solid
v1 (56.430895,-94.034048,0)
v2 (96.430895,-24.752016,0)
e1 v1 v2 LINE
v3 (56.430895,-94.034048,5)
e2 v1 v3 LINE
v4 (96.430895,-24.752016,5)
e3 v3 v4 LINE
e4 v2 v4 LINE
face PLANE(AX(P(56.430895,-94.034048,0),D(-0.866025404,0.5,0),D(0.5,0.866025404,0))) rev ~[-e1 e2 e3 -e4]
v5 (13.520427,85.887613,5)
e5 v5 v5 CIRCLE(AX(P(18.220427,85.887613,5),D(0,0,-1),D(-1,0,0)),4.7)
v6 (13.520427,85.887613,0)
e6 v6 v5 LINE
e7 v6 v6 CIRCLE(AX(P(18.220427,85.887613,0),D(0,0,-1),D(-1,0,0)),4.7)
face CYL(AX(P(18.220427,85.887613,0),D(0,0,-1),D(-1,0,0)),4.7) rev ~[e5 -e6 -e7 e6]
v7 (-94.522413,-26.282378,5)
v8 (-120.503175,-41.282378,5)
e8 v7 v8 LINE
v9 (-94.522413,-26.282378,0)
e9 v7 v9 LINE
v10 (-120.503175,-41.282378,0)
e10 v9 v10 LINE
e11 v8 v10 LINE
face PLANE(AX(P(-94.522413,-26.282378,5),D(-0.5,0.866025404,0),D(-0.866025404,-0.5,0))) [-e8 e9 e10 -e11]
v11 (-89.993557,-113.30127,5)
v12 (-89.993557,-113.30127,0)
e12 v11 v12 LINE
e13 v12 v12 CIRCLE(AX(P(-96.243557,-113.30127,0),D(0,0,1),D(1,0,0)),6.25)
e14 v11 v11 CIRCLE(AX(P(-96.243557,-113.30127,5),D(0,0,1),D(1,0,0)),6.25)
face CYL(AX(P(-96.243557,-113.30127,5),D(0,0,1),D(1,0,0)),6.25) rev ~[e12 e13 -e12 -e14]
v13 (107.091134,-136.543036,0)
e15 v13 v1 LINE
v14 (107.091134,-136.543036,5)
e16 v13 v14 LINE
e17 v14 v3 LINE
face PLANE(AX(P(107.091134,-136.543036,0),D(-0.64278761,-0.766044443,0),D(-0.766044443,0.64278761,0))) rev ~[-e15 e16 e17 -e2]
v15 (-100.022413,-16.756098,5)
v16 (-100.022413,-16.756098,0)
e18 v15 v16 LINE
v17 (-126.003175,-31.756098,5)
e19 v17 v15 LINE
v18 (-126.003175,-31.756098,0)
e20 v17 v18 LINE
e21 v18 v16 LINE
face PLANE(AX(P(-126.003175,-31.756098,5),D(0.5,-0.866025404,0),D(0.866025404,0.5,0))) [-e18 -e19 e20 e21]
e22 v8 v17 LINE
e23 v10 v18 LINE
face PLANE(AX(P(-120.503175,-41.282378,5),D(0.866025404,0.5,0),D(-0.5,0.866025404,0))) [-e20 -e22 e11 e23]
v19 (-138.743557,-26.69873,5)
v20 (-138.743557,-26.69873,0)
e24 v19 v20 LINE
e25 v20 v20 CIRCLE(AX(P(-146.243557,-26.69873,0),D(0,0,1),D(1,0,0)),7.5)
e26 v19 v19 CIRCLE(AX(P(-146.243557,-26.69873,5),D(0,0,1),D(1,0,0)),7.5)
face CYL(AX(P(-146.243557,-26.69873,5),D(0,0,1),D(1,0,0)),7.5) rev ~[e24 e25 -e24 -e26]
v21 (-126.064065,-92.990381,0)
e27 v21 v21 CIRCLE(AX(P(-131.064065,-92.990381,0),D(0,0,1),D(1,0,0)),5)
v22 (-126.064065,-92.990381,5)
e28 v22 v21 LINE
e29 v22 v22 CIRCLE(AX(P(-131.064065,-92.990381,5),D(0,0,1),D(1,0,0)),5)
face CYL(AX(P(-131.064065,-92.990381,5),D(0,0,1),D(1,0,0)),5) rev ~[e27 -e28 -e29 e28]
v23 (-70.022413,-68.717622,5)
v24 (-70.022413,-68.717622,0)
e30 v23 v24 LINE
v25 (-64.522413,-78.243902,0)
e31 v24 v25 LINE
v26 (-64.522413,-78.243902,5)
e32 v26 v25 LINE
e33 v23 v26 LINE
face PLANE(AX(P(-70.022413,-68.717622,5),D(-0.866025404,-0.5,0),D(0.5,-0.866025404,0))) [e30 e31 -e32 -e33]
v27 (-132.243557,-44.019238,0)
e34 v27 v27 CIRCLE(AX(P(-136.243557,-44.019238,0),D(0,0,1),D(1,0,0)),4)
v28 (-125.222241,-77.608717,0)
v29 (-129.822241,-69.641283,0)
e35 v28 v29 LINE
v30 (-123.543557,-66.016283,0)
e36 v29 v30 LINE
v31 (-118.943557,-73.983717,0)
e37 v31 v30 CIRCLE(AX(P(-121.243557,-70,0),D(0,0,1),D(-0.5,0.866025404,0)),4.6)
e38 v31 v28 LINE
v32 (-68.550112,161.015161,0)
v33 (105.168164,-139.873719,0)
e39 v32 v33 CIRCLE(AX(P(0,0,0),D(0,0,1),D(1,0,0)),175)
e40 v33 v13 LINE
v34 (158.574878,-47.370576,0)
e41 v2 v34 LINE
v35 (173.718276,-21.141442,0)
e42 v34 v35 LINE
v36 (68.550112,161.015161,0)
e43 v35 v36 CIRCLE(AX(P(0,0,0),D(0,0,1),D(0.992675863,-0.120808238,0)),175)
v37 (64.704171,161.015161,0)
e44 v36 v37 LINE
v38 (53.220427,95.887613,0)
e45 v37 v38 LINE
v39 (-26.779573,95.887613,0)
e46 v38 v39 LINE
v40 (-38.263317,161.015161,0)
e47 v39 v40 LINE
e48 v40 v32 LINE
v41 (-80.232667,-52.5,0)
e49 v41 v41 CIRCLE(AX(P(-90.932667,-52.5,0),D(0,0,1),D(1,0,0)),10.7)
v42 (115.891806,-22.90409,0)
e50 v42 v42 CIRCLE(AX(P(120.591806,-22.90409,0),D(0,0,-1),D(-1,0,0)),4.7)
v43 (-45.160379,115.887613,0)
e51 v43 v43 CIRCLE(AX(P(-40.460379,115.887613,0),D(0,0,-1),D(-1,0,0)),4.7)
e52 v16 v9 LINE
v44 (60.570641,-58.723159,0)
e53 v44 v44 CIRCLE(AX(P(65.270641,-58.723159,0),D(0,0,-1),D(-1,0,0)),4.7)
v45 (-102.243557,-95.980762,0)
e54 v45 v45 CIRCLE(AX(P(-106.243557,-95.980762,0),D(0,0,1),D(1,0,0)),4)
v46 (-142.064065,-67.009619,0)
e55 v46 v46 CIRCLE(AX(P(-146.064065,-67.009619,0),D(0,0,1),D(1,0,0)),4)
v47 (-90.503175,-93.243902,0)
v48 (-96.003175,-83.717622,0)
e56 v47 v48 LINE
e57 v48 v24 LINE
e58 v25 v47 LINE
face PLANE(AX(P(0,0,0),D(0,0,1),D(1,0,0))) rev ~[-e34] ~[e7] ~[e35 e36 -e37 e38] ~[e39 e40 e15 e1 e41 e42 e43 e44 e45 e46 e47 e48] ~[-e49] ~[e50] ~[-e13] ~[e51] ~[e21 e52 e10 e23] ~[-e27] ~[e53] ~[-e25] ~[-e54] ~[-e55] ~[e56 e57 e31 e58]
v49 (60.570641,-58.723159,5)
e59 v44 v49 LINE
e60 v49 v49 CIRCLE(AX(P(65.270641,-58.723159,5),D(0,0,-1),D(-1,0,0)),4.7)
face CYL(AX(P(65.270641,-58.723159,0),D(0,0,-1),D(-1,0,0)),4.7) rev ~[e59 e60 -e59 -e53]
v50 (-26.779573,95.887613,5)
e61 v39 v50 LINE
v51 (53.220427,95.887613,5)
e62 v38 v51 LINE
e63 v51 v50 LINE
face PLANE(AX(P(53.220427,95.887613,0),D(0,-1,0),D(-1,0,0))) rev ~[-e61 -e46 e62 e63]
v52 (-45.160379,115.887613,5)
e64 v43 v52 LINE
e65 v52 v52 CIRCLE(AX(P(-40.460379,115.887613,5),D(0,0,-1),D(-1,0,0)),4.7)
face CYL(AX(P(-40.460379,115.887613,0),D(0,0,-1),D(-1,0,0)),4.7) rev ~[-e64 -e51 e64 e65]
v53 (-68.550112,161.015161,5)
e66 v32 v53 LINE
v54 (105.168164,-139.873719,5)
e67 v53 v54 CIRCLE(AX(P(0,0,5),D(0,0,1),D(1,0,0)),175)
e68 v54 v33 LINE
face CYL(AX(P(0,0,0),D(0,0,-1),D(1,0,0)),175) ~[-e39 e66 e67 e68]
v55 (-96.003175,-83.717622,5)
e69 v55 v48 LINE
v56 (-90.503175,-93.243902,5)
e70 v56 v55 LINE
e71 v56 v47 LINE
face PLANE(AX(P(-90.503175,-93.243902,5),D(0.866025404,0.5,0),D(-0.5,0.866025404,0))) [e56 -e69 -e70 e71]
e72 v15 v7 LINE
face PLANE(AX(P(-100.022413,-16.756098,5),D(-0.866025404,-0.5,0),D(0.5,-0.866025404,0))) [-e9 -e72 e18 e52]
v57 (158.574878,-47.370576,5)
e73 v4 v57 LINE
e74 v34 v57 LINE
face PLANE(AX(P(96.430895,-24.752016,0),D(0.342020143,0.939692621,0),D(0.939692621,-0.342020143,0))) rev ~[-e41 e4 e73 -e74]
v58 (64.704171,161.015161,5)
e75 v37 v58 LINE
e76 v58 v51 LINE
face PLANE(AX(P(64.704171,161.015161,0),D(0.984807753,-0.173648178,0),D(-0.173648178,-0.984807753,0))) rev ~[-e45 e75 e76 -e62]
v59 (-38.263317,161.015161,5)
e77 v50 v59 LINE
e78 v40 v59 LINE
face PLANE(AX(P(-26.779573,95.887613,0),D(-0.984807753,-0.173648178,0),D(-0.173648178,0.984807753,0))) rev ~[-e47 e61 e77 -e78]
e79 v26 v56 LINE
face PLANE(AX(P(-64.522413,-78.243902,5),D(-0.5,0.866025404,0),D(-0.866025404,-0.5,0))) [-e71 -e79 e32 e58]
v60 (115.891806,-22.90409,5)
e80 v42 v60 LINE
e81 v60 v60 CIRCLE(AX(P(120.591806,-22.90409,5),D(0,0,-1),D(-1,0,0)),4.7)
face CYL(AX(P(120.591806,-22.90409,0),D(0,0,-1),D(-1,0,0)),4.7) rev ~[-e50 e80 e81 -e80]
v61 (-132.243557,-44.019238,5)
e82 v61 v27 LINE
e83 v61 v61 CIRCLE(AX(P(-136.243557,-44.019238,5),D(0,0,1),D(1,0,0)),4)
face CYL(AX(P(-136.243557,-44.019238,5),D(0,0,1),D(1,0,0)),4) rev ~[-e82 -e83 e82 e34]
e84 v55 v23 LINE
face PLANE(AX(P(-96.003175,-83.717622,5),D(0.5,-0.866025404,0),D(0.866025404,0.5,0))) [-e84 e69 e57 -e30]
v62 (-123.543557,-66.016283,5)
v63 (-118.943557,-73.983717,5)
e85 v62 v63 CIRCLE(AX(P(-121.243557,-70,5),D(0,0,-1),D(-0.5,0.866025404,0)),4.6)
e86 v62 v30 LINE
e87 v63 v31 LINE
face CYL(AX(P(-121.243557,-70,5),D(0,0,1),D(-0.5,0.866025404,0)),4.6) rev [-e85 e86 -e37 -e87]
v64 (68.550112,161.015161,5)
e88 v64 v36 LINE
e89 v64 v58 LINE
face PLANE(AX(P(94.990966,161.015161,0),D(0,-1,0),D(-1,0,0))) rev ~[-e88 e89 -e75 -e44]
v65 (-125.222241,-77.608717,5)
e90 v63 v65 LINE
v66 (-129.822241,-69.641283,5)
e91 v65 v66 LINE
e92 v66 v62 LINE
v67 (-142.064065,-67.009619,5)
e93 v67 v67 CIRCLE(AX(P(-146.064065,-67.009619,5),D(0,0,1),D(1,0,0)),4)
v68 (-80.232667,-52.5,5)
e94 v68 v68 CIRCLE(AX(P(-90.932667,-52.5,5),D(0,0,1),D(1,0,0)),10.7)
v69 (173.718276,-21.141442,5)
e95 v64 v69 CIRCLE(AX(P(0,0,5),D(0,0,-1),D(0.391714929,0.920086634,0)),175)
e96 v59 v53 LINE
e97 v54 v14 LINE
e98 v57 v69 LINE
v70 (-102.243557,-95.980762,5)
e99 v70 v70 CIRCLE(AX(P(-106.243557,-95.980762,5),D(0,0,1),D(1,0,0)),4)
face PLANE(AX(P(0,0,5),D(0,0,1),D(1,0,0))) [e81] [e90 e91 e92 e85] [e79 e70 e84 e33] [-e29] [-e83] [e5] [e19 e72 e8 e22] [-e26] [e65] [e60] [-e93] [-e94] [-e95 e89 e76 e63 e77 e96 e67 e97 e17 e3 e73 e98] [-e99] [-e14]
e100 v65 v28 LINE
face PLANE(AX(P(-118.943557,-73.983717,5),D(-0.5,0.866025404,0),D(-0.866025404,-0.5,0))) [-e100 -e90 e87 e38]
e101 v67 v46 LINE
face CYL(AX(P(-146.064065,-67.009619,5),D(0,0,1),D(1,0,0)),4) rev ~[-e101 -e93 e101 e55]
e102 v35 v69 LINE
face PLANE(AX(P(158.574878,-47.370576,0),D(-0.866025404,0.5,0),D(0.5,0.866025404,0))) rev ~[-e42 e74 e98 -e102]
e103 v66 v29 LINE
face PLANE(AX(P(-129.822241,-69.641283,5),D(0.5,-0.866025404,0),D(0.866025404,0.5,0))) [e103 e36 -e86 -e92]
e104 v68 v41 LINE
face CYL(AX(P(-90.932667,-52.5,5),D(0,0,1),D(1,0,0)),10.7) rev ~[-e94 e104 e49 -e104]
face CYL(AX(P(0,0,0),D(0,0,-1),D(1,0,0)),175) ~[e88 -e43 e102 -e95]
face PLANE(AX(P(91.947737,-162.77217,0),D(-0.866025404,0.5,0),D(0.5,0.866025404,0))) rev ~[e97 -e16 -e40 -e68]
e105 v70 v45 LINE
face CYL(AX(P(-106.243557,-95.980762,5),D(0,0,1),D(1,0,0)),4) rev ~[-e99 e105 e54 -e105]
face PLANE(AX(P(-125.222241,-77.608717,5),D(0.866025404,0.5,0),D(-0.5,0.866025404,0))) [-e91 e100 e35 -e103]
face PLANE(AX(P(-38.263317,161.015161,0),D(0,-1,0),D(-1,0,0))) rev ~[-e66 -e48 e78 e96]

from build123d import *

# Parameters (mm, degrees)
ESQUISSE1_R             = 175
BOSS_EXTRU_1_DEPTH      = 5
ESQUISSE2_R             = 4.7
ENL_V_MAT_EXTRU_1_DEPTH = 5
LEDS_BOUT_TIRETTE_R     = 10.7
LEDS_BOUT_TIRETTE_R_2   = 6.25
LEDS_BOUT_TIRETTE_R_3   = 4
LEDS_BOUT_TIRETTE_R_4   = 5
LEDS_BOUT_TIRETTE_R_5   = 7.5
ENL_V_MAT_EXTRU_2_DEPTH = 10


with BuildPart() as part:
    # Esquisse1 → Boss.-Extru.1 (new body)
    with BuildSketch(Plane.XY):
        Circle(ESQUISSE1_R)
    extrude(amount=BOSS_EXTRU_1_DEPTH)

    # Esquisse2 → Enlèv. mat.-Extru.1 (cut)
    with BuildSketch(Plane(origin=(0, 0, 0), x_dir=(-1, 0, 0), z_dir=(0, 0, -1))):
        with Locations((-18.220426897, 85.887612711)):
            Circle(ESQUISSE2_R)
        with Locations((40.460378836, 115.887612711)):
            Circle(ESQUISSE2_R)
        with Locations((-65.270641029, -58.723158916)):
            Circle(ESQUISSE2_R)
        with Locations((-120.59180601, -22.904090436)):
            Circle(ESQUISSE2_R)
        Polygon((26.7795731, 95.88761271), (38.263317053, 161.015161015), (68.550112498, 161.015161015), (68.550112498, 190.246123658), (-94.990966298, 190.246123658), (-94.990966298, 161.015161015), (-64.704170853, 161.015161015), (-53.2204269, 95.88761271), align=None)
        Polygon((-96.430895065, -24.752015748), (-158.57487836, -47.370575906), (-173.718276082, -21.141441652), (-199.033032308, -35.756922974), (-117.262492911, -177.387651773), (-91.947736684, -162.772170451), (-107.091134406, -136.543036197), (-56.430895065, -94.034048051), align=None)
    extrude(amount=-ENL_V_MAT_EXTRU_1_DEPTH, mode=Mode.SUBTRACT)

    # Leds, bout., tirette → Enlèv. mat.-Extru.2 (cut)
    with BuildSketch(Plane.XY.offset(5)):
        with Locations((-90.932667397, -52.5)):
            Circle(LEDS_BOUT_TIRETTE_R)
        with Locations((-96.24355653, -113.301270189)):
            Circle(LEDS_BOUT_TIRETTE_R_2)
        with Locations((-136.24355653, -44.019237886)):
            Circle(LEDS_BOUT_TIRETTE_R_3)
        with Locations((-106.24355653, -95.980762114)):
            Circle(LEDS_BOUT_TIRETTE_R_3)
        with Locations((-146.064064606, -67.009618943)):
            Circle(LEDS_BOUT_TIRETTE_R_3)
        with Locations((-131.064064606, -92.990381057)):
            Circle(LEDS_BOUT_TIRETTE_R_4)
        with Locations((-146.24355653, -26.698729811)):
            Circle(LEDS_BOUT_TIRETTE_R_5)
        with BuildLine():
            Line((-118.94355653, -73.983716857), (-125.222240707, -77.608716857))
            Line((-125.222240707, -77.608716857), (-129.822240707, -69.641283143))
            Line((-129.822240707, -69.641283143), (-123.54355653, -66.016283143))
            ThreePointArc((-123.54355653, -66.016283143), (-117.259839672, -67.7), (-118.94355653, -73.983716857))
        make_face()
        Polygon((-126.003175473, -31.756098166), (-100.02241336, -16.756098166), (-94.52241336, -26.282377607), (-120.503175473, -41.282377607), align=None)
        Polygon((-96.003175473, -83.717622393), (-70.02241336, -68.717622393), (-64.52241336, -78.243901834), (-90.503175473, -93.243901834), align=None)
    extrude(amount=-ENL_V_MAT_EXTRU_2_DEPTH, mode=Mode.SUBTRACT)


solid = part.part
